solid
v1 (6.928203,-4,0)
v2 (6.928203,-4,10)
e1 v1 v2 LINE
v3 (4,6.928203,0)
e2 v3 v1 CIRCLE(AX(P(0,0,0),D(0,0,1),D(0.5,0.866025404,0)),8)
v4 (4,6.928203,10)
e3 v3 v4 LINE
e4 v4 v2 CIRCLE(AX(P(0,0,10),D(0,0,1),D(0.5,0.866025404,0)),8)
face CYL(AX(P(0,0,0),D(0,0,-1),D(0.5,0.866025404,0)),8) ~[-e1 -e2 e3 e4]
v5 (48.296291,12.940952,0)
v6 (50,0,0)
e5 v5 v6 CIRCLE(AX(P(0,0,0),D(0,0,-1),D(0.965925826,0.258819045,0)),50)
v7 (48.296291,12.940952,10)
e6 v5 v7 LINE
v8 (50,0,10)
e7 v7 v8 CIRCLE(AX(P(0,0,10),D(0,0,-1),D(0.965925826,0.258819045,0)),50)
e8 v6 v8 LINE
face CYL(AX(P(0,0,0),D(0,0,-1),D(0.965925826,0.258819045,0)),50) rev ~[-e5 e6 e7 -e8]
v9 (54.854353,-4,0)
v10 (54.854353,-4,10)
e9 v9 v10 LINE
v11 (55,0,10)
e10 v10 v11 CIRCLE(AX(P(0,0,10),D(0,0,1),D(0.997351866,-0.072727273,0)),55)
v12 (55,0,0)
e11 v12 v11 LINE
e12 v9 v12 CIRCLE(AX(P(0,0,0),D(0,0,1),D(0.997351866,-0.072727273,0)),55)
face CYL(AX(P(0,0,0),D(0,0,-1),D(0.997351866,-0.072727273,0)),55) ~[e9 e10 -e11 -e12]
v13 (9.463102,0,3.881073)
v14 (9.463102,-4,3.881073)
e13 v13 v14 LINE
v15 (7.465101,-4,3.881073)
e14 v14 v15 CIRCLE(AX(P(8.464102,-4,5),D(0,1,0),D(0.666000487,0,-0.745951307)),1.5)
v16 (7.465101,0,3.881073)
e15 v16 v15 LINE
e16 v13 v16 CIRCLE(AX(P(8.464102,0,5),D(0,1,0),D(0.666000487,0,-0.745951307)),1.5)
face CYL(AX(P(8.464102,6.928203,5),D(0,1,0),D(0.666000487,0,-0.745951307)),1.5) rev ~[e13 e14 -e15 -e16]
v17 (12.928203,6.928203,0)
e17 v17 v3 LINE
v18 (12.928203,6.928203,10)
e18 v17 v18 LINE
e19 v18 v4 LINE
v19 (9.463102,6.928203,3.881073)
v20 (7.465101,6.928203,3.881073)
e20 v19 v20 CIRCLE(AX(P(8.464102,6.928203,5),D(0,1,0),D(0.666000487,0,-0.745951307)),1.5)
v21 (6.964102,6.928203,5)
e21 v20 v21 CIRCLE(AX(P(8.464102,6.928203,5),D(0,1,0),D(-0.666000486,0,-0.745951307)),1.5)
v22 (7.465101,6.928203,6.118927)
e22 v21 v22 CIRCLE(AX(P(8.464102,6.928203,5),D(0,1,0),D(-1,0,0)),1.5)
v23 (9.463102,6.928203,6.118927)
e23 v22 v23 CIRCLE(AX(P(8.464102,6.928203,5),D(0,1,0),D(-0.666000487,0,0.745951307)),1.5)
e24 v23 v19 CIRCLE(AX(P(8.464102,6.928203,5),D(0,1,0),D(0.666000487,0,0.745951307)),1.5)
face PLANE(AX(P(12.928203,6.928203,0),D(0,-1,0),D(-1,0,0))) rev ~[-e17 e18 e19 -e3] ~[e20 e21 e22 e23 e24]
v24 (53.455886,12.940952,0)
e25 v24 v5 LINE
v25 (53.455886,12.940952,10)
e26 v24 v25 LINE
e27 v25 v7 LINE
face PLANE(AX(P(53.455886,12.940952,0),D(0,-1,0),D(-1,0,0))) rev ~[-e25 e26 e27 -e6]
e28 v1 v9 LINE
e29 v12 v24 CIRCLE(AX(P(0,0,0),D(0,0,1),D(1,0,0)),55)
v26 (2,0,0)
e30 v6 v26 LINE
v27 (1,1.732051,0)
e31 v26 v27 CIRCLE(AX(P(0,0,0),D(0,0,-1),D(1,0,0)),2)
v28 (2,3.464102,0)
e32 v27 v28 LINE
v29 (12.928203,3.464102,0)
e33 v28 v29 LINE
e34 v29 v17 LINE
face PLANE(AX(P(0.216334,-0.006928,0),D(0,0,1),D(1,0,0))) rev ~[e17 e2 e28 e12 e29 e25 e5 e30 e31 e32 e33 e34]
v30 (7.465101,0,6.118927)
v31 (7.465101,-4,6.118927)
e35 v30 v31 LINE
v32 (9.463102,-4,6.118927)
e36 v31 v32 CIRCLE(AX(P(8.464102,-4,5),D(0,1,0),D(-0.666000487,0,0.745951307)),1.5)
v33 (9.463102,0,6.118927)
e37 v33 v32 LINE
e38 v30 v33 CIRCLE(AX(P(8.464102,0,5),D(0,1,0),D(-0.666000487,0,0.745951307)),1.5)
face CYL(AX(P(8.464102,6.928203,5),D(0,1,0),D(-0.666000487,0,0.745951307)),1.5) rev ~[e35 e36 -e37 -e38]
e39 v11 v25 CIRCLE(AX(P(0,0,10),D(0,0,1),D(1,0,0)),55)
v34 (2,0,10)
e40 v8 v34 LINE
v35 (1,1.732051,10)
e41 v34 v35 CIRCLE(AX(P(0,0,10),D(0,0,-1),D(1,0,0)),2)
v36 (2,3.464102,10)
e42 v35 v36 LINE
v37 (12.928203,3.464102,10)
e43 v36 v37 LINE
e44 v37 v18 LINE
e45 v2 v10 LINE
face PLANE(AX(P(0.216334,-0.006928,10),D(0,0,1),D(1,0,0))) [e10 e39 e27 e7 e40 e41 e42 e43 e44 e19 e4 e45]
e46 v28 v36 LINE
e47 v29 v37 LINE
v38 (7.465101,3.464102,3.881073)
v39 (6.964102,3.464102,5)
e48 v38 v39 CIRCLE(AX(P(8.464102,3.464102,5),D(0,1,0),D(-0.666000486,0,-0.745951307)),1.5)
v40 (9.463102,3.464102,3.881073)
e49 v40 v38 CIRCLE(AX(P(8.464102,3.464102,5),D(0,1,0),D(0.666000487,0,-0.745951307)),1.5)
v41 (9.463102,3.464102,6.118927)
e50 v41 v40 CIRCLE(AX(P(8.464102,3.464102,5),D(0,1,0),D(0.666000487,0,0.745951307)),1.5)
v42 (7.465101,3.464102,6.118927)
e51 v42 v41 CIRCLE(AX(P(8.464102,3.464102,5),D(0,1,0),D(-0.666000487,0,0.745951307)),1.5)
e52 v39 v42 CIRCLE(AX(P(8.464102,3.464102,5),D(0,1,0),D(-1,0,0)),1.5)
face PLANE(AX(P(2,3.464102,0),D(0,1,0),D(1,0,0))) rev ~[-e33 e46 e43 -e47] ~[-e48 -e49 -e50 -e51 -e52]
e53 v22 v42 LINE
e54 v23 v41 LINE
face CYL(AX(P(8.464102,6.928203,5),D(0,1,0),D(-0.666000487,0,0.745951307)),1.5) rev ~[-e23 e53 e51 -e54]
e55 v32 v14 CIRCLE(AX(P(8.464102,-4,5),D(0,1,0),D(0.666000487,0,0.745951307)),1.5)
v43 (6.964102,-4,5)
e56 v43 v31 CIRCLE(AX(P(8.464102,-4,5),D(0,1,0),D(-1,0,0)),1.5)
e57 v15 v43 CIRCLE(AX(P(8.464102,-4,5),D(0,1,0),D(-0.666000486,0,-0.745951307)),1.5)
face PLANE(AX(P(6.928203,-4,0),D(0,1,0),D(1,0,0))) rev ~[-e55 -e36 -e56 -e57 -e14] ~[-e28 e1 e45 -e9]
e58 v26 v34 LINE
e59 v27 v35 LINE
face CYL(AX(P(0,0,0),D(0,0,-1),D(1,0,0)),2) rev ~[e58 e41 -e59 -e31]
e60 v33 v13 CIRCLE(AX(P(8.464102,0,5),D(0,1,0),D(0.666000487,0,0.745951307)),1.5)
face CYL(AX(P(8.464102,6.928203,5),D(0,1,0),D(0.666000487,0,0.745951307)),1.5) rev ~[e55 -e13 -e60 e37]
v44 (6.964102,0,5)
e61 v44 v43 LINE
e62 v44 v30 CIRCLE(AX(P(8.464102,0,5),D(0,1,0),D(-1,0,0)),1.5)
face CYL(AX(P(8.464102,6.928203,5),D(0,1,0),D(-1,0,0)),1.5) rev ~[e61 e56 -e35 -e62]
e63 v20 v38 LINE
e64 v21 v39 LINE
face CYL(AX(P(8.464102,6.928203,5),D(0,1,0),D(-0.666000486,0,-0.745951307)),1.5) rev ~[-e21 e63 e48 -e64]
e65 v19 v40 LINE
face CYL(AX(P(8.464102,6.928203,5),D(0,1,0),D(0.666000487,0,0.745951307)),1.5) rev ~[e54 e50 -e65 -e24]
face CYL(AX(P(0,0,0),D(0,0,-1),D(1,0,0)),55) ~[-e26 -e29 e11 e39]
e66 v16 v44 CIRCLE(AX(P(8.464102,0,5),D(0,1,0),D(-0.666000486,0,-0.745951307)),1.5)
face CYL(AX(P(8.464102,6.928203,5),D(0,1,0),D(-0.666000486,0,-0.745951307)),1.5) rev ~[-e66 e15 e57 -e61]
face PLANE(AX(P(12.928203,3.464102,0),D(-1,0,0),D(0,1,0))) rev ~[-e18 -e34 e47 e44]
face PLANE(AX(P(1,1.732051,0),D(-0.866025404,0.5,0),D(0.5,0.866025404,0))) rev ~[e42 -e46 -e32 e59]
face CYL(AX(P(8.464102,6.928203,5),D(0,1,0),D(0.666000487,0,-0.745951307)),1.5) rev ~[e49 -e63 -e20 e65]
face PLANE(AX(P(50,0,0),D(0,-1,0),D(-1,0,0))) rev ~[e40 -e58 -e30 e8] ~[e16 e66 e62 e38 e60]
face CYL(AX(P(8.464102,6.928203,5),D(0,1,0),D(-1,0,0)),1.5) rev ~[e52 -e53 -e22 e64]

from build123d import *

# Parameters (mm, degrees)
F1_DEPTH = 10
F3_DEPTH = 25


with BuildPart() as f1:
    # F0 (on Top) → F1 (new body)
    with BuildSketch(Plane.XY):
        with BuildLine():
            Line((8, 0), (2, 0))
            ThreePointArc((2, 0), (-1.7320508076, -1), (1, 1.7320508076))
            Line((1, 1.7320508076), (2, 3.4641016151))
            Line((2, 3.4641016151), (4, 6.9282032303))
            ThreePointArc((4, 6.9282032303), (-7.7274066103, -2.0705523608), (6.9282032303, -4))
            ThreePointArc((6.9282032303, -4), (7.7274066103, -2.0705523608), (8, 0))
        make_face()
        with BuildLine():
            Line((50, 0), (8, 0))
            ThreePointArc((8, 0), (7.7274066103, -2.0705523608), (6.9282032303, -4))
            Line((6.9282032303, -4), (49.8397431775, -4))
            ThreePointArc((49.8397431775, -4), (49.9599197301, -2.001604497), (50, 0))
        make_face()
        with BuildLine():
            Line((55, 0), (50, 0))
            ThreePointArc((50, 0), (49.9599197301, -2.001604497), (49.8397431775, -4))
            Line((49.8397431775, -4), (54.8543526076, -4))
            ThreePointArc((54.8543526076, -4), (54.963576091, -2.0013253835), (55, 0))
        make_face()
        with BuildLine():
            ThreePointArc((4, 6.9282032303), (5.8670439833, 5.4385471312), (7.2111025509, 3.4641016151))
            Line((7.2111025509, 3.4641016151), (12.9282032303, 3.4641016151))
            Line((12.9282032303, 3.4641016151), (12.9282032303, 6.9282032303))
            Line((12.9282032303, 6.9282032303), (4, 6.9282032303))
        make_face()
        with BuildLine():
            Line((4, 6.9282032303), (2, 3.4641016151))
            Line((2, 3.4641016151), (7.2111025509, 3.4641016151))
            ThreePointArc((7.2111025509, 3.4641016151), (5.8670439833, 5.4385471312), (4, 6.9282032303))
        make_face()
        with BuildLine():
            ThreePointArc((48.2962913145, 12.9409522551), (49.5722430687, 6.526309611), (50, 0))
            Line((50, 0), (55, 0))
            ThreePointArc((55, 0), (54.6126072141, 6.5163742434), (53.4558860625, 12.9409522551))
            Line((53.4558860625, 12.9409522551), (48.2962913145, 12.9409522551))
        make_face()
    extrude(amount=F1_DEPTH)

    # F2 (on face) → F3 (cut)
    with BuildSketch(Plane(origin=(0, 6.9282032303, 0), x_dir=(-1, 0, 0), z_dir=(0, 1, 0))):
        with BuildLine():
            Line((-7.4651008853, 6.11892696), (-8.4641016151, 5))
            Line((-8.4641016151, 5), (-7.4651008853, 3.88107304))
            ThreePointArc((-7.4651008853, 3.88107304), (-7.0950689101, 4.3870159442), (-6.9641016151, 5))
            ThreePointArc((-6.9641016151, 5), (-7.0950689101, 5.6129840558), (-7.4651008853, 6.11892696))
        make_face()
        with BuildLine():
            Line((-7.4651008853, 3.88107304), (-8.4641016151, 5))
            Line((-8.4641016151, 5), (-9.463102345, 3.88107304))
            ThreePointArc((-9.463102345, 3.88107304), (-8.4641016151, 3.5), (-7.4651008853, 3.88107304))
        make_face()
        with BuildLine():
            Line((-8.4641016151, 5), (-9.463102345, 6.11892696))
            ThreePointArc((-9.463102345, 6.11892696), (-9.9641016151, 5), (-9.463102345, 3.88107304))
            Line((-9.463102345, 3.88107304), (-8.4641016151, 5))
        make_face()
        with BuildLine():
            ThreePointArc((-7.4651008853, 6.11892696), (-8.4641016151, 6.5), (-9.463102345, 6.11892696))
            Line((-9.463102345, 6.11892696), (-8.4641016151, 5))
            Line((-8.4641016151, 5), (-7.4651008853, 6.11892696))
        make_face()
    extrude(amount=-F3_DEPTH, mode=Mode.SUBTRACT)


solid = f1.part
